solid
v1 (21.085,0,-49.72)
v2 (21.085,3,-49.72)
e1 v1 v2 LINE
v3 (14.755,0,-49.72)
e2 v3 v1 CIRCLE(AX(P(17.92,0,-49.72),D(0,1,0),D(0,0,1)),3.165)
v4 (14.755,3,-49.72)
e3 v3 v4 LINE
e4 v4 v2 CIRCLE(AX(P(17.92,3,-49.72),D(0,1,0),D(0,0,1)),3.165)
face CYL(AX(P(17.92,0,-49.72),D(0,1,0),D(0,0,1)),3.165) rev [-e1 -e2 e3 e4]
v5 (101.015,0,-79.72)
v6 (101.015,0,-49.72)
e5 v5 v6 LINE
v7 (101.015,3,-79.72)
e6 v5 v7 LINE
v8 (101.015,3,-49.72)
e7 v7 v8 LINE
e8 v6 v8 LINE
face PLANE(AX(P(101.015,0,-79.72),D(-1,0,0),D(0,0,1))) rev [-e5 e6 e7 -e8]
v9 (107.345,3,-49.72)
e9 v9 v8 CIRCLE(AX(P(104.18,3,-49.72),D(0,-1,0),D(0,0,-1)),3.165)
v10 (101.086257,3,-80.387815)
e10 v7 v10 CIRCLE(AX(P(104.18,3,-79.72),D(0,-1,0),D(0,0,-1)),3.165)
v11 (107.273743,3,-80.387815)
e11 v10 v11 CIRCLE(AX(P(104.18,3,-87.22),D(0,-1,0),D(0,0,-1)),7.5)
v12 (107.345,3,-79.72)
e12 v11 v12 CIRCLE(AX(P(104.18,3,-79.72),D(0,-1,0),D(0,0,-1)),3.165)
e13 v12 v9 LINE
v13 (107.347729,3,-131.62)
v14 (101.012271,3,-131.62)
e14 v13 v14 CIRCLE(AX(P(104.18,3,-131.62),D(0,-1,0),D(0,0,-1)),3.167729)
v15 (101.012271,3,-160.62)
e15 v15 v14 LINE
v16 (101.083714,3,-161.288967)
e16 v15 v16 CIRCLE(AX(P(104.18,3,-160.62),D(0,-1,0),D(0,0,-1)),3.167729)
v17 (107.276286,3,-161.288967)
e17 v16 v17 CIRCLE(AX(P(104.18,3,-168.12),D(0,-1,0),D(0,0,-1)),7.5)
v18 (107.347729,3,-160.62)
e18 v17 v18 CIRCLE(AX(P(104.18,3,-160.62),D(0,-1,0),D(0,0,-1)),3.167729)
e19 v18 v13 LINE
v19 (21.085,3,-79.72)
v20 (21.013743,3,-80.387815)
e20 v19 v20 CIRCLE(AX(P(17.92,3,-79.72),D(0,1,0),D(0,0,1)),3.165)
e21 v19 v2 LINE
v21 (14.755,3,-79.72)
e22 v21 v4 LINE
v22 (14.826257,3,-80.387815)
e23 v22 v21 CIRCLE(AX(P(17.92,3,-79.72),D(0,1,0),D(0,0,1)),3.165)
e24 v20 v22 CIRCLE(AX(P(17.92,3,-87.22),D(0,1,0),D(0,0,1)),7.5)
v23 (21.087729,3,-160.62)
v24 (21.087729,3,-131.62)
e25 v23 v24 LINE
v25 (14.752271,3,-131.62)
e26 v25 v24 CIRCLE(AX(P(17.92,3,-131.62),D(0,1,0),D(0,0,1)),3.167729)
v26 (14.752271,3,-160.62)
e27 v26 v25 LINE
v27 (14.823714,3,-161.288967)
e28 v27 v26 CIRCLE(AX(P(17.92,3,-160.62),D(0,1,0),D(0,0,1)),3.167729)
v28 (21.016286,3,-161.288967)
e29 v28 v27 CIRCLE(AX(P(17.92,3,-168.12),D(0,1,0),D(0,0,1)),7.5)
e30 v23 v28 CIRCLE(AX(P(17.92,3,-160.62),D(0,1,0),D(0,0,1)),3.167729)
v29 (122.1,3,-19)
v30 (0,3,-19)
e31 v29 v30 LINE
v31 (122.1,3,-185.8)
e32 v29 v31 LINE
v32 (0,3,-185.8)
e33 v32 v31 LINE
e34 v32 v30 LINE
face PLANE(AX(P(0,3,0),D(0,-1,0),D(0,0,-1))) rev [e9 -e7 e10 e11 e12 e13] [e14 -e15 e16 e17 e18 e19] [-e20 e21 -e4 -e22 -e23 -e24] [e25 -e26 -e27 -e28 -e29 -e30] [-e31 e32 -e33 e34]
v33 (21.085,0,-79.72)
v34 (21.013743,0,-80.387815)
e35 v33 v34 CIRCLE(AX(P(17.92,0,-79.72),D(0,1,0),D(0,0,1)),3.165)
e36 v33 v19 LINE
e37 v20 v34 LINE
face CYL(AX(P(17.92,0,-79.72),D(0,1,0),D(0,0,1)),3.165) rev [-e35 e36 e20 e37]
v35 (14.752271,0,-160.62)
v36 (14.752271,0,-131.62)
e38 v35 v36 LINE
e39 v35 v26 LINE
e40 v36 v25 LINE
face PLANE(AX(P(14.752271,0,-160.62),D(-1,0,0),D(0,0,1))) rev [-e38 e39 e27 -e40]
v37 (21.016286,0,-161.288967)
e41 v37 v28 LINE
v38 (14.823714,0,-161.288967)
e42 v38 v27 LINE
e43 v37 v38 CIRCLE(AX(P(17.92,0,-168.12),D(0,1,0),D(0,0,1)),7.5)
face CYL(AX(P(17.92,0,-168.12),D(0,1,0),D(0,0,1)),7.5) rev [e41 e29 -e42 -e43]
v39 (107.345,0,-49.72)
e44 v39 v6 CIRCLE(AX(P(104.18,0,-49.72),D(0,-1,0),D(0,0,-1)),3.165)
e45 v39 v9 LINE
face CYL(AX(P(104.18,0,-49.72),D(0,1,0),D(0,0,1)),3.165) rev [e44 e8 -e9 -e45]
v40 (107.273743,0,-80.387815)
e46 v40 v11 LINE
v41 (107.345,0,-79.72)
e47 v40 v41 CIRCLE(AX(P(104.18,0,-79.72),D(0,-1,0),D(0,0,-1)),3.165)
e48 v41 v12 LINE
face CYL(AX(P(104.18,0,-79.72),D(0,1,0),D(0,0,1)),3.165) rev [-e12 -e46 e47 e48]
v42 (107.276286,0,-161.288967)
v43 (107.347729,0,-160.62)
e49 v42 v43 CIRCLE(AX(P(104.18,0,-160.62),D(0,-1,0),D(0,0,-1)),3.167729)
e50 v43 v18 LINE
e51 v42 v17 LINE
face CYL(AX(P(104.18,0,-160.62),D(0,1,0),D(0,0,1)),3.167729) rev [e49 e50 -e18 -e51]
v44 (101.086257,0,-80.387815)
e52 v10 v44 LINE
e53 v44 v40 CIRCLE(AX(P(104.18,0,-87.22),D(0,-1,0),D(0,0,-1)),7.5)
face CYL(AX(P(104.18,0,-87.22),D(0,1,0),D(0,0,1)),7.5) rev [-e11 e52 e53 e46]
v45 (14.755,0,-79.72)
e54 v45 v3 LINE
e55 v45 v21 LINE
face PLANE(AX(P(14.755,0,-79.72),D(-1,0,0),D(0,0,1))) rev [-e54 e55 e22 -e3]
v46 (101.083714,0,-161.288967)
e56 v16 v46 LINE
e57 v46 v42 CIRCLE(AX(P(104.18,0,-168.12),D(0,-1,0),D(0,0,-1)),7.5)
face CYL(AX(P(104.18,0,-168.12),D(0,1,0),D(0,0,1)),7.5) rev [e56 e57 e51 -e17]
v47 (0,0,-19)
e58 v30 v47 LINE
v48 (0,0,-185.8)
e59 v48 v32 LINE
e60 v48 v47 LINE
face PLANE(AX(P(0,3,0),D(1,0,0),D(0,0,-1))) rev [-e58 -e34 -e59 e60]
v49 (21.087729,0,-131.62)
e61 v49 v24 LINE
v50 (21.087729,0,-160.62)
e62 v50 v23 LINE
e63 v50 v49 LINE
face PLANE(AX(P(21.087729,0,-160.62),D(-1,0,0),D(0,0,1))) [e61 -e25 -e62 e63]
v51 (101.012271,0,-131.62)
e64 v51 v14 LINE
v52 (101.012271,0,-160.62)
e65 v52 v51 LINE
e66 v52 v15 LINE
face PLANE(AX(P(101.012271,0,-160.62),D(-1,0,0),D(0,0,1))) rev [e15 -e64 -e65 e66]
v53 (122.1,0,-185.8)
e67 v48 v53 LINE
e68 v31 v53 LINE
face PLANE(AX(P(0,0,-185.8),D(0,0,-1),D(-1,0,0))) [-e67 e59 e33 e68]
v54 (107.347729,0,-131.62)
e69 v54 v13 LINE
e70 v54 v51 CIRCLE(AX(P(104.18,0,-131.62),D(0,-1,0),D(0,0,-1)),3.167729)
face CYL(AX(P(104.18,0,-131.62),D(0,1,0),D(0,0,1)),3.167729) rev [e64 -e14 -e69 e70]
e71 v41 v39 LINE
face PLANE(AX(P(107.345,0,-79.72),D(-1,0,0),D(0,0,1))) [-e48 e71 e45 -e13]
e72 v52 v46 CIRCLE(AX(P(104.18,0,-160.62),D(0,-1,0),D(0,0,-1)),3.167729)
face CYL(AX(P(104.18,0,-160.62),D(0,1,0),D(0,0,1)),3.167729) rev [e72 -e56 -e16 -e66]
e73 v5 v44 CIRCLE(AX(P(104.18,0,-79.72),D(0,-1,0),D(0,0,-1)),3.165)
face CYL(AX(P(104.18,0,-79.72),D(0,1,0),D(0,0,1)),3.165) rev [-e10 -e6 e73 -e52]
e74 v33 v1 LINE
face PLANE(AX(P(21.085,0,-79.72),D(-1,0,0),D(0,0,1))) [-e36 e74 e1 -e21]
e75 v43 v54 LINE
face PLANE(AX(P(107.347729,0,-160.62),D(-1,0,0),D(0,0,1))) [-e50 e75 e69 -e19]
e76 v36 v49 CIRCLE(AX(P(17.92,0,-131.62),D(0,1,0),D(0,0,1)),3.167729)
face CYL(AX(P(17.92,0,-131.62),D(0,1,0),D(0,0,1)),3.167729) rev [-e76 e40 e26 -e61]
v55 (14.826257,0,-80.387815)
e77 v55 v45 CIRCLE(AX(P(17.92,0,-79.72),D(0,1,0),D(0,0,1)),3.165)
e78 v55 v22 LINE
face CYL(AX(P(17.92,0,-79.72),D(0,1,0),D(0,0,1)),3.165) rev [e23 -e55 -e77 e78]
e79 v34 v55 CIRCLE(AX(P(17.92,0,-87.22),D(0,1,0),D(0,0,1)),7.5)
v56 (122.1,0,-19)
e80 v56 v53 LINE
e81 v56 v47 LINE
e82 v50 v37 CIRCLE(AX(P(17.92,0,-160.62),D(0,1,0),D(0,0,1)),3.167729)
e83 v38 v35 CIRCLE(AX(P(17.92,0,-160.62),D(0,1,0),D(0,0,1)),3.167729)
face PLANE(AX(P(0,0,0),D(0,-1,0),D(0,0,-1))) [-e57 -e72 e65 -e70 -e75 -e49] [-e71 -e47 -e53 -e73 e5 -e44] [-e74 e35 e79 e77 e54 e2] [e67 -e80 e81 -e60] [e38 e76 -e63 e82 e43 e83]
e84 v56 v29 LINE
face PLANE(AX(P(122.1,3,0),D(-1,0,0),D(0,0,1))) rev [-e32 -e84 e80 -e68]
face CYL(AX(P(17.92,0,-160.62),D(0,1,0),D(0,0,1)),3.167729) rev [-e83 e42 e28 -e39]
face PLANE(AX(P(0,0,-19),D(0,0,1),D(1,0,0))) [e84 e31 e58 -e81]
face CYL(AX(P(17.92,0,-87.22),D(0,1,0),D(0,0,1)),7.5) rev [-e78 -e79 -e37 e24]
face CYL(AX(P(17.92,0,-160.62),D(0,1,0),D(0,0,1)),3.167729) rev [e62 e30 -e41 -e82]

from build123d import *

# Parameters (mm, degrees)
SKETCH3_W           = 122.1
SKETCH3_H           = 197.8
BOSS_EXTRUDE2_DEPTH = 3
SKETCH4_R           = 7.5
CUT_EXTRUDE2_DEPTH  = 3
SKETCH5_W           = 185.639017853
SKETCH5_H           = 93.814581834
CUT_EXTRUDE3_DEPTH  = 12
SKETCH7_W           = 181.97184254
SKETCH7_H           = 161.609726855
CUT_EXTRUDE4_DEPTH  = 19


with BuildPart() as part:
    # Sketch3 → Boss-Extrude2 (new body)
    with BuildSketch(Plane(origin=(0, 0, 0), x_dir=(1, 0, 0), z_dir=(0, 1, 0))):
        with Locations((61.05, 98.9)):
            Rectangle(SKETCH3_W, SKETCH3_H)
    extrude(amount=BOSS_EXTRUDE2_DEPTH)

    # Sketch4 → Cut-Extrude2 (cut)
    with BuildSketch(Plane(origin=(0, 3, 0), x_dir=(1, 0, 0), z_dir=(0, 1, 0))):
        with Locations((17.92, 168.12)):
            Circle(SKETCH4_R)
        with Locations((17.92, 87.22)):
            Circle(SKETCH4_R)
        with Locations((104.18, 87.22)):
            Circle(SKETCH4_R)
        with Locations((104.18, 168.12)):
            Circle(SKETCH4_R)
        with BuildLine():
            Line((21.08772899, 160.62), (21.08772899, 131.62))
            ThreePointArc((21.08772899, 131.62), (17.92, 128.45227101), (14.75227101, 131.62))
            Line((14.75227101, 131.62), (14.75227101, 160.62))
            ThreePointArc((14.75227101, 160.62), (17.92, 163.78772899), (21.08772899, 160.62))
        make_face()
        with BuildLine():
            Line((21.085, 79.72), (21.085, 49.72))
            ThreePointArc((21.085, 49.72), (17.92, 46.555), (14.755, 49.72))
            Line((14.755, 49.72), (14.755, 79.72))
            ThreePointArc((14.755, 79.72), (17.92, 82.885), (21.085, 79.72))
        make_face()
        with BuildLine():
            Line((101.015, 79.72), (101.015, 49.72))
            ThreePointArc((101.015, 49.72), (104.18, 46.555), (107.345, 49.72))
            Line((107.345, 49.72), (107.345, 79.72))
            ThreePointArc((107.345, 79.72), (104.18, 82.885), (101.015, 79.72))
        make_face()
        with BuildLine():
            Line((101.01227101, 160.62), (101.01227101, 131.62))
            ThreePointArc((101.01227101, 131.62), (104.18, 128.45227101), (107.34772899, 131.62))
            Line((107.34772899, 131.62), (107.34772899, 160.62))
            ThreePointArc((107.34772899, 160.62), (104.18, 163.78772899), (101.01227101, 160.62))
        make_face()
    extrude(amount=-CUT_EXTRUDE2_DEPTH, mode=Mode.SUBTRACT)

    # Sketch5 → Cut-Extrude3 (cut)
    with BuildSketch(Plane(origin=(0, 0, -197.8), x_dir=(-1, 0, 0), z_dir=(0, 0, -1))):
        with Locations((-62.393879106, -6.143731482)):
            Rectangle(SKETCH5_W, SKETCH5_H)
    extrude(amount=-CUT_EXTRUDE3_DEPTH, mode=Mode.SUBTRACT)

    # Sketch7 → Cut-Extrude4 (cut)
    with BuildSketch(Plane.XY):
        with Locations((66.543858185, 9.384028943)):
            Rectangle(SKETCH7_W, SKETCH7_H)
    extrude(amount=-CUT_EXTRUDE4_DEPTH, mode=Mode.SUBTRACT)


solid = part.part
